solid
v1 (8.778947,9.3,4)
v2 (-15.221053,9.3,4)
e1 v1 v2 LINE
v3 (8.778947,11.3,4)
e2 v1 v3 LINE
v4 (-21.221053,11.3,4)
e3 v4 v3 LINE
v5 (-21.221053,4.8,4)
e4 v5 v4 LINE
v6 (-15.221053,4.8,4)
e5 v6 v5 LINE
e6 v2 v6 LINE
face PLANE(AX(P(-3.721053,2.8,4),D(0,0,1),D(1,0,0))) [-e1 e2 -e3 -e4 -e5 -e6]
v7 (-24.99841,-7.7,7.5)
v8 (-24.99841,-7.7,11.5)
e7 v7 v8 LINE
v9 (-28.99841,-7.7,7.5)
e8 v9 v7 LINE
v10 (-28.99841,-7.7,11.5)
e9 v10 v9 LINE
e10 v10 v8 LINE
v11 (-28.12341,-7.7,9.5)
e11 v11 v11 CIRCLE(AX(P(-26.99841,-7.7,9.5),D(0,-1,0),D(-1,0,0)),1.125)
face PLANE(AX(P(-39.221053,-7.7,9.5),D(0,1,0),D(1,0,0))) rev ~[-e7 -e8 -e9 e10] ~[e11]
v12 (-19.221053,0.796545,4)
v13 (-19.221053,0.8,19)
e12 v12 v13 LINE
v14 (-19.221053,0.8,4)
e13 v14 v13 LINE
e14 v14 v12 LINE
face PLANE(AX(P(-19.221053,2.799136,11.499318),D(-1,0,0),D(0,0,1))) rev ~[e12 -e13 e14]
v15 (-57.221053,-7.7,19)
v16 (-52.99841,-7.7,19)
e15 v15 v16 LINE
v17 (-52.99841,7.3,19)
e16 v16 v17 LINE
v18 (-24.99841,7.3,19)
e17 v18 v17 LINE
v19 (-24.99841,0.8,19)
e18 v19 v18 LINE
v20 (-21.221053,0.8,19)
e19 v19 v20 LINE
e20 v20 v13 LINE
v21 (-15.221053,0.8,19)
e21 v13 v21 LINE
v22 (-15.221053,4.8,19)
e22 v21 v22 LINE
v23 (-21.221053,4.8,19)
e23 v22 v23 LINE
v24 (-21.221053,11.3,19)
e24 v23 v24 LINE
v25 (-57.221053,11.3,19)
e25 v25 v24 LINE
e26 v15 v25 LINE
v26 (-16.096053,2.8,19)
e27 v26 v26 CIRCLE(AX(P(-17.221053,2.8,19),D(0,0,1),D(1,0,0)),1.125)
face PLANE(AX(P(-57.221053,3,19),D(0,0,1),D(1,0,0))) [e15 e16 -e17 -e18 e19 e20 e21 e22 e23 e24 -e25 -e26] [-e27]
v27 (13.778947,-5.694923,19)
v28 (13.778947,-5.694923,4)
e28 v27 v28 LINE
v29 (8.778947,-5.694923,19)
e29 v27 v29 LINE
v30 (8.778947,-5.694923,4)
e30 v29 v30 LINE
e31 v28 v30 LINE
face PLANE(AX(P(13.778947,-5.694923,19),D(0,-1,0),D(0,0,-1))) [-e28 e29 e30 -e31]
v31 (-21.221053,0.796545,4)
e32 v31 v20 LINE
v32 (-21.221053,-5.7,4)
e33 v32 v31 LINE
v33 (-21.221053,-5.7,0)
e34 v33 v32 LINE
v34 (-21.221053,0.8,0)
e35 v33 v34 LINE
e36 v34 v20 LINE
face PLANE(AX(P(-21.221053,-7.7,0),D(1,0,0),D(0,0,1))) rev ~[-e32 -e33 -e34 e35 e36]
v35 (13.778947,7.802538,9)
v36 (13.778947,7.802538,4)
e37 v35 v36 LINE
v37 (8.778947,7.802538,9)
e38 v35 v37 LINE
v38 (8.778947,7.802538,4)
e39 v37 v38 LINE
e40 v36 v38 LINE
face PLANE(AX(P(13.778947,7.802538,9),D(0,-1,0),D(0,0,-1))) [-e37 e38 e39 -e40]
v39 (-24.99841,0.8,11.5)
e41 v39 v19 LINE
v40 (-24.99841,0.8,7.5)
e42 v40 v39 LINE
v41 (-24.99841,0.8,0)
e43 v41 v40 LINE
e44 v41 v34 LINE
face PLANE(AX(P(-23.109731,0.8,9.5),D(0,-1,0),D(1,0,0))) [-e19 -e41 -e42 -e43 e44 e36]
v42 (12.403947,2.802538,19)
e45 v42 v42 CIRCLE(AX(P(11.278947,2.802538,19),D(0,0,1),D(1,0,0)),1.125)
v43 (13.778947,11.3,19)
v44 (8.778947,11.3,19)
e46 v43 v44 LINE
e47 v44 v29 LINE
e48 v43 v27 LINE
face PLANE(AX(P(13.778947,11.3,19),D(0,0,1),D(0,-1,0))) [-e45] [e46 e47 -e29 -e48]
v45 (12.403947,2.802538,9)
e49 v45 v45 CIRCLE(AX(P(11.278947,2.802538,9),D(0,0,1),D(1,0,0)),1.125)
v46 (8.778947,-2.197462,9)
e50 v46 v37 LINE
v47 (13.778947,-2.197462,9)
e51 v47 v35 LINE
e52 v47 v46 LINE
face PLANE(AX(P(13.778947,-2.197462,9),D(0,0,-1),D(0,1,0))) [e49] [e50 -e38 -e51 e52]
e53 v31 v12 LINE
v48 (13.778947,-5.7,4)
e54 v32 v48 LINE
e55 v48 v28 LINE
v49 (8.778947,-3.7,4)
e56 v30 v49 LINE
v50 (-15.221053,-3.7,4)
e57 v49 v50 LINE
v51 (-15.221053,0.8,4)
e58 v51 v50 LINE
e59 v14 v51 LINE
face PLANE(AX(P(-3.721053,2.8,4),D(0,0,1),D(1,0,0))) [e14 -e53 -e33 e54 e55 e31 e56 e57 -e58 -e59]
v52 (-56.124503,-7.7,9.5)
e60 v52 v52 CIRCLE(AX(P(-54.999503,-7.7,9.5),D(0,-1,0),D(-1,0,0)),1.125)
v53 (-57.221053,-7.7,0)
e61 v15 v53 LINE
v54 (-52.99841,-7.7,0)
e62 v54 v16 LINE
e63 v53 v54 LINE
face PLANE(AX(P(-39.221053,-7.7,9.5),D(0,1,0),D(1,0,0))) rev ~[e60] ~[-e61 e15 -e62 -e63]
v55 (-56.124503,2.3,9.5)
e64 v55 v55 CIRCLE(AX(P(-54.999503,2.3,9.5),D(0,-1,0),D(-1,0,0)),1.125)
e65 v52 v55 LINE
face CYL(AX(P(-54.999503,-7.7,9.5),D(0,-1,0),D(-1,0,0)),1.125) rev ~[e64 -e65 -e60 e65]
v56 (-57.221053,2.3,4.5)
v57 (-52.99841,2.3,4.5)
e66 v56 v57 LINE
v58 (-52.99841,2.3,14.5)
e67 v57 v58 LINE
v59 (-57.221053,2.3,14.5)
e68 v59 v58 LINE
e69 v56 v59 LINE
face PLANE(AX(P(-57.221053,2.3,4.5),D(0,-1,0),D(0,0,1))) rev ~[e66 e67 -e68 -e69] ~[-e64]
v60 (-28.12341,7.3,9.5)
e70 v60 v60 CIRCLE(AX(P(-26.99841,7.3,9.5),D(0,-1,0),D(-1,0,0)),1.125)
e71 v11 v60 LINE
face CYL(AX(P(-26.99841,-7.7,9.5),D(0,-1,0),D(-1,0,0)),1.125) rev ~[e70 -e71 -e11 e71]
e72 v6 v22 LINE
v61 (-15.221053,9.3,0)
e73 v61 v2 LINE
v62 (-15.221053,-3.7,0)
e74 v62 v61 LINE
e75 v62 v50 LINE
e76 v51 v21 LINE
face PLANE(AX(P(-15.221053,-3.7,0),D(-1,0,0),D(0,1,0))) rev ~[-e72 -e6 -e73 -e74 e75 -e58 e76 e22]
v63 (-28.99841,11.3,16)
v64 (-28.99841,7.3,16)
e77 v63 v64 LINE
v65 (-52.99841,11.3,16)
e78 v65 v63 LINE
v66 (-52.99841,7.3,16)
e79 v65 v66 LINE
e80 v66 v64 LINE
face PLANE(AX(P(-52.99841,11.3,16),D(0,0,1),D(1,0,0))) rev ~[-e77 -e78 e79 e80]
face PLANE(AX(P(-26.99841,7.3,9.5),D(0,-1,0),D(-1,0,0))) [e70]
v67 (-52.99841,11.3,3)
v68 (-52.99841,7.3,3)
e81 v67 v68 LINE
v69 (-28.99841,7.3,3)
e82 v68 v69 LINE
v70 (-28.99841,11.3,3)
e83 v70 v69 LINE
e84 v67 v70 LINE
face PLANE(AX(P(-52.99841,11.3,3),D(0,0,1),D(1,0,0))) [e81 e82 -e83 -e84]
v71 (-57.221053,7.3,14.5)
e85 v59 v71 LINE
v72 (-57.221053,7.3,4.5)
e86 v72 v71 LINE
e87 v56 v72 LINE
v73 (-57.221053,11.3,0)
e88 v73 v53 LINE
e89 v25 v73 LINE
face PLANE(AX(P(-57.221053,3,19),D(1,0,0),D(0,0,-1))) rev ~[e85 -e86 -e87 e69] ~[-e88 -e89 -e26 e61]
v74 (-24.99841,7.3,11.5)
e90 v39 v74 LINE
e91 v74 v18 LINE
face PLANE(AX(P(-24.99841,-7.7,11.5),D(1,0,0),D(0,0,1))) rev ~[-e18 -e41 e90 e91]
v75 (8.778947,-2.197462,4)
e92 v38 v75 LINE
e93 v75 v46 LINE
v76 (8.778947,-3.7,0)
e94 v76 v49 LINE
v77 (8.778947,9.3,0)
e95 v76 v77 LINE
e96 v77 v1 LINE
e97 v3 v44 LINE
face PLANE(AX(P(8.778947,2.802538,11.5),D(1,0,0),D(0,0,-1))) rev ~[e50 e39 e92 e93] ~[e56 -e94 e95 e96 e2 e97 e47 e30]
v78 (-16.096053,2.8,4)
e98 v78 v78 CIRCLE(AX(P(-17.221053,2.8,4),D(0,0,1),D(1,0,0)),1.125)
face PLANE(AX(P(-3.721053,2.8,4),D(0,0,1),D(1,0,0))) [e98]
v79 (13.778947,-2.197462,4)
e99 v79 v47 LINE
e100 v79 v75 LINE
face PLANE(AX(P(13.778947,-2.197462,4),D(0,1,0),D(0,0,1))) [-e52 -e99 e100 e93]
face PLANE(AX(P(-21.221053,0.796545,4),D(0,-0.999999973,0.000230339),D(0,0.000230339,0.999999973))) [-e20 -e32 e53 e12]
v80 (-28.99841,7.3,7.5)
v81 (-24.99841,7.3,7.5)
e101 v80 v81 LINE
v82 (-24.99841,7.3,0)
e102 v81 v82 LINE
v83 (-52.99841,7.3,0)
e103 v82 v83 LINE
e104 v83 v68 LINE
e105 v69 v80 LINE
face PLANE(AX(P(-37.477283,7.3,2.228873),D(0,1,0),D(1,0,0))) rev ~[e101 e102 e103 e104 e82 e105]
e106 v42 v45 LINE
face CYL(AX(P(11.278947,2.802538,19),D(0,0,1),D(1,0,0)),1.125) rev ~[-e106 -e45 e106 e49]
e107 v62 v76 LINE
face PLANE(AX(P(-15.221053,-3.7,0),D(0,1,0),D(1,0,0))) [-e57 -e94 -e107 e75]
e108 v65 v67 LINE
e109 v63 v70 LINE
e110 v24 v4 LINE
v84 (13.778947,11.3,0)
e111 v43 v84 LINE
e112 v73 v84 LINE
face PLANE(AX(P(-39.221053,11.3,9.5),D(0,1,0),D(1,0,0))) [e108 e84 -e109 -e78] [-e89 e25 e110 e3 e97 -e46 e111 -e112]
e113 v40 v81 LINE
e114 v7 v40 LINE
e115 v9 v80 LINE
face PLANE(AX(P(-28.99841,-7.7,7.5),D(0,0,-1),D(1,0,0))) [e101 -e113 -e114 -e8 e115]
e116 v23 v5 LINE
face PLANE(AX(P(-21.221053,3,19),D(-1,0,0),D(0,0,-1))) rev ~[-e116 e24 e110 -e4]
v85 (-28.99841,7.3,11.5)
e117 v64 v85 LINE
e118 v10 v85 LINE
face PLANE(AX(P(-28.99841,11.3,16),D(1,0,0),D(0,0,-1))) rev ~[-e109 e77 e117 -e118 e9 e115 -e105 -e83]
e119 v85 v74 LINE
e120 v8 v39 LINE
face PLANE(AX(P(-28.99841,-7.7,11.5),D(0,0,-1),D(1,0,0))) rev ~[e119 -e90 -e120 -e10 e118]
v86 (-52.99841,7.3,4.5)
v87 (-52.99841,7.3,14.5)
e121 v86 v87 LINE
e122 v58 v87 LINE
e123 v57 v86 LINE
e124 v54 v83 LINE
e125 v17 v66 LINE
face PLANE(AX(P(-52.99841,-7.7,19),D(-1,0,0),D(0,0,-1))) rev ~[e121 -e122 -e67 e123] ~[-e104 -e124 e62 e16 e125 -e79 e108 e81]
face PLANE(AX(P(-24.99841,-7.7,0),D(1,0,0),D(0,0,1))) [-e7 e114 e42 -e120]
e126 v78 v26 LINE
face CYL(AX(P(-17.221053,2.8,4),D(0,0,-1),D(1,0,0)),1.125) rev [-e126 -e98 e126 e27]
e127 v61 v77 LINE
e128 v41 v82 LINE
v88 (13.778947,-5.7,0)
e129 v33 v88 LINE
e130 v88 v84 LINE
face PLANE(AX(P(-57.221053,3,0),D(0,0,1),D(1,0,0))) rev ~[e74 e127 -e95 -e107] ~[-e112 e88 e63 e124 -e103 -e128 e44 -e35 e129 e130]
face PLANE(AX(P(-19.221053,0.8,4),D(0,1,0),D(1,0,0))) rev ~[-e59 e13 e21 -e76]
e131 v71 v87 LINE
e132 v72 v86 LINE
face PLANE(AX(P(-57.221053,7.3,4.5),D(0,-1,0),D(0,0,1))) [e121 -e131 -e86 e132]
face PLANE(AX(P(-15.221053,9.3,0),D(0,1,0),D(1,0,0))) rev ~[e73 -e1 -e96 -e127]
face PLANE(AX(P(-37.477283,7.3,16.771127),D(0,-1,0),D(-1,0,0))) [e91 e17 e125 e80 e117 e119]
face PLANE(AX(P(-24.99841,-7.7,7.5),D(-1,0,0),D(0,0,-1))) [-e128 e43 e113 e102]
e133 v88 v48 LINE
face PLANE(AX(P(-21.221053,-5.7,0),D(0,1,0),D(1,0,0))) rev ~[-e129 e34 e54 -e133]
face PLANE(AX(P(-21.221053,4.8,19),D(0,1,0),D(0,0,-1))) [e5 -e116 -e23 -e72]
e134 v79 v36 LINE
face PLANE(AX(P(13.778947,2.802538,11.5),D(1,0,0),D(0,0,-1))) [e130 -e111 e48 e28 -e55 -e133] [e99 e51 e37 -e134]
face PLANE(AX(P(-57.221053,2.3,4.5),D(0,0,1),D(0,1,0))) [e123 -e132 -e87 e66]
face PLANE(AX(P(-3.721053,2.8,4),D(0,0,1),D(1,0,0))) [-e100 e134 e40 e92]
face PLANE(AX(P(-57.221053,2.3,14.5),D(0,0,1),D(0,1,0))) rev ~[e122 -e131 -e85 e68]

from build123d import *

# Parameters (mm, degrees)
SKETCH_1_W           = 35
SKETCH_1_H           = 17
EXTRUDE_1_DEPTH      = 4
SKETCH_2_W           = 24
SKETCH_2_H           = 13
CUT_EXTRUDE_1_DEPTH  = 6
EXTRUDE_2_DEPTH      = 5
SKETCH_5_W           = 4
SKETCH_5_H           = 4
SKETCH_5_R           = 1.125
EXTRUDE_3_DEPTH      = 15
SKETCH_6_R           = 1.125
CUT_EXTRUDE_2_DEPTH  = 15
EXTRUDE_5_DEPTH      = 2
SKETCH_8_W           = 36
SKETCH_8_H           = 19
EXTRUDE_6_DEPTH      = 8.3
EXTRUDE_6_DEPTH_BACK = 10.7
SKETCH_9_W           = 24
SKETCH_9_H           = 13
CUT_EXTRUDE_3_DEPTH  = 22
SKETCH_11_R          = 1.125
CUT_EXTRUDE_4_DEPTH  = 15
CUT_EXTRUDE_5_DEPTH  = 15
SKETCH_13_W          = 3.77735738
SKETCH_13_H          = 19
CUT_EXTRUDE_6_DEPTH  = 8.5
SKETCH_14_W          = 10
SKETCH_14_H          = 5
CUT_EXTRUDE_7_DEPTH  = 10


with BuildPart() as part:
    # 草圖1 → 填料-伸長1 (new body)
    with BuildSketch(Plane.XY):
        with Locations((-3.721052632, 2.8)):
            Rectangle(SKETCH_1_W, SKETCH_1_H)
    extrude(amount=EXTRUDE_1_DEPTH)

    # 草圖2 → 除料-伸長1 (cut)
    with BuildSketch(Plane.XY):
        with Locations((-3.221052632, 2.8)):
            Rectangle(SKETCH_2_W, SKETCH_2_H)
    extrude(amount=CUT_EXTRUDE_1_DEPTH, mode=Mode.SUBTRACT)

    # 草圖3 → 填料-伸長2 (add)
    with BuildSketch(Plane(origin=(13.778947368, 0, 0), x_dir=(0, 0, -1), z_dir=(1, 0, 0))):
        Polygon((-4, 7.802538439), (-4, 11.3), (-19, 11.3), (-19, -5.694923122), (-4, -5.694923122), (-4, -2.197461561), (-9, -2.197461561), (-9, 7.802538439), align=None)
    extrude(amount=-EXTRUDE_2_DEPTH)

    # 草圖5 → 填料-伸長3 (add)
    with BuildSketch(Plane.XY.offset(4)):
        with Locations((-17.221052632, 2.8)):
            Rectangle(SKETCH_5_W, SKETCH_5_H)
        with Locations((-17.221052632, 2.8)):
            Circle(SKETCH_5_R, mode=Mode.SUBTRACT)
    extrude(amount=EXTRUDE_3_DEPTH)

    # 草圖6 → 除料-伸長2 (cut)
    with BuildSketch(Plane.XY.offset(19)):
        with Locations((11.278947368, 2.802538439)):
            Circle(SKETCH_6_R)
    extrude(amount=-CUT_EXTRUDE_2_DEPTH, mode=Mode.SUBTRACT)

    # 草圖7 → 填料-伸長5 (add)
    with BuildSketch(Plane.ZY.offset(21.221052632)):
        Polygon((4, 4.8), (4, 0.796544916), (19, 0.8), (19, 4.8), align=None)
    extrude(amount=-EXTRUDE_5_DEPTH)

    # 草圖8 → 填料-伸長6 (add, two sides)
    with BuildSketch(Plane(origin=(0, 3, 0), x_dir=(1, 0, 0), z_dir=(0, 1, 0))) as extrude_6_sk:
        with Locations((-39.221052632, -9.5)):
            Rectangle(SKETCH_8_W, SKETCH_8_H)
    extrude(amount=EXTRUDE_6_DEPTH)
    extrude(extrude_6_sk.sketch, amount=-EXTRUDE_6_DEPTH_BACK)

    # 草圖9 → 除料-伸長3 (cut)
    with BuildSketch(Plane(origin=(0, 11.3, 0), x_dir=(1, 0, 0), z_dir=(0, 1, 0))):
        with Locations((-40.998410012, -9.5)):
            Rectangle(SKETCH_9_W, SKETCH_9_H)
    extrude(amount=-CUT_EXTRUDE_3_DEPTH, mode=Mode.SUBTRACT)

    # 草圖11 → 除料-伸長4 (cut)
    with BuildSketch(Plane(origin=(0, -7.7, 0), x_dir=(-1, 0, 0), z_dir=(0, -1, 0))):
        with Locations((26.998410012, -9.5)):
            Circle(SKETCH_11_R)
        with Locations((54.999503046, -9.5)):
            Circle(SKETCH_11_R)
    extrude(amount=-CUT_EXTRUDE_4_DEPTH, mode=Mode.SUBTRACT)

    # 草圖12 → 除料-伸長5 (cut)
    with BuildSketch(Plane(origin=(0, -7.7, 0), x_dir=(-1, 0, 0), z_dir=(0, -1, 0))):
        Polygon((28.998410012, -7.5), (24.998410012, -7.5), (24.998410012, 0), (52.998410012, 0), (52.998410012, -3), (28.998410012, -3), align=None)
        Polygon((24.998410012, -11.5), (24.998410012, -19), (52.998410012, -19), (52.998410012, -16), (28.998410012, -16), (28.998410012, -11.5), align=None)
    extrude(amount=-CUT_EXTRUDE_5_DEPTH, mode=Mode.SUBTRACT)

    # 草圖13 → 除料-伸長6 (cut)
    with BuildSketch(Plane.XZ.offset(7.7)):
        with Locations((-23.109731322, 9.5)):
            Rectangle(SKETCH_13_W, SKETCH_13_H)
    extrude(amount=-CUT_EXTRUDE_6_DEPTH, mode=Mode.SUBTRACT)

    # 草圖14 → 除料-伸長7 (cut)
    with BuildSketch(Plane.ZY.offset(57.221052632)):
        with Locations((9.5, 4.8)):
            Rectangle(SKETCH_14_W, SKETCH_14_H)
    extrude(amount=-CUT_EXTRUDE_7_DEPTH, mode=Mode.SUBTRACT)


solid = part.part
